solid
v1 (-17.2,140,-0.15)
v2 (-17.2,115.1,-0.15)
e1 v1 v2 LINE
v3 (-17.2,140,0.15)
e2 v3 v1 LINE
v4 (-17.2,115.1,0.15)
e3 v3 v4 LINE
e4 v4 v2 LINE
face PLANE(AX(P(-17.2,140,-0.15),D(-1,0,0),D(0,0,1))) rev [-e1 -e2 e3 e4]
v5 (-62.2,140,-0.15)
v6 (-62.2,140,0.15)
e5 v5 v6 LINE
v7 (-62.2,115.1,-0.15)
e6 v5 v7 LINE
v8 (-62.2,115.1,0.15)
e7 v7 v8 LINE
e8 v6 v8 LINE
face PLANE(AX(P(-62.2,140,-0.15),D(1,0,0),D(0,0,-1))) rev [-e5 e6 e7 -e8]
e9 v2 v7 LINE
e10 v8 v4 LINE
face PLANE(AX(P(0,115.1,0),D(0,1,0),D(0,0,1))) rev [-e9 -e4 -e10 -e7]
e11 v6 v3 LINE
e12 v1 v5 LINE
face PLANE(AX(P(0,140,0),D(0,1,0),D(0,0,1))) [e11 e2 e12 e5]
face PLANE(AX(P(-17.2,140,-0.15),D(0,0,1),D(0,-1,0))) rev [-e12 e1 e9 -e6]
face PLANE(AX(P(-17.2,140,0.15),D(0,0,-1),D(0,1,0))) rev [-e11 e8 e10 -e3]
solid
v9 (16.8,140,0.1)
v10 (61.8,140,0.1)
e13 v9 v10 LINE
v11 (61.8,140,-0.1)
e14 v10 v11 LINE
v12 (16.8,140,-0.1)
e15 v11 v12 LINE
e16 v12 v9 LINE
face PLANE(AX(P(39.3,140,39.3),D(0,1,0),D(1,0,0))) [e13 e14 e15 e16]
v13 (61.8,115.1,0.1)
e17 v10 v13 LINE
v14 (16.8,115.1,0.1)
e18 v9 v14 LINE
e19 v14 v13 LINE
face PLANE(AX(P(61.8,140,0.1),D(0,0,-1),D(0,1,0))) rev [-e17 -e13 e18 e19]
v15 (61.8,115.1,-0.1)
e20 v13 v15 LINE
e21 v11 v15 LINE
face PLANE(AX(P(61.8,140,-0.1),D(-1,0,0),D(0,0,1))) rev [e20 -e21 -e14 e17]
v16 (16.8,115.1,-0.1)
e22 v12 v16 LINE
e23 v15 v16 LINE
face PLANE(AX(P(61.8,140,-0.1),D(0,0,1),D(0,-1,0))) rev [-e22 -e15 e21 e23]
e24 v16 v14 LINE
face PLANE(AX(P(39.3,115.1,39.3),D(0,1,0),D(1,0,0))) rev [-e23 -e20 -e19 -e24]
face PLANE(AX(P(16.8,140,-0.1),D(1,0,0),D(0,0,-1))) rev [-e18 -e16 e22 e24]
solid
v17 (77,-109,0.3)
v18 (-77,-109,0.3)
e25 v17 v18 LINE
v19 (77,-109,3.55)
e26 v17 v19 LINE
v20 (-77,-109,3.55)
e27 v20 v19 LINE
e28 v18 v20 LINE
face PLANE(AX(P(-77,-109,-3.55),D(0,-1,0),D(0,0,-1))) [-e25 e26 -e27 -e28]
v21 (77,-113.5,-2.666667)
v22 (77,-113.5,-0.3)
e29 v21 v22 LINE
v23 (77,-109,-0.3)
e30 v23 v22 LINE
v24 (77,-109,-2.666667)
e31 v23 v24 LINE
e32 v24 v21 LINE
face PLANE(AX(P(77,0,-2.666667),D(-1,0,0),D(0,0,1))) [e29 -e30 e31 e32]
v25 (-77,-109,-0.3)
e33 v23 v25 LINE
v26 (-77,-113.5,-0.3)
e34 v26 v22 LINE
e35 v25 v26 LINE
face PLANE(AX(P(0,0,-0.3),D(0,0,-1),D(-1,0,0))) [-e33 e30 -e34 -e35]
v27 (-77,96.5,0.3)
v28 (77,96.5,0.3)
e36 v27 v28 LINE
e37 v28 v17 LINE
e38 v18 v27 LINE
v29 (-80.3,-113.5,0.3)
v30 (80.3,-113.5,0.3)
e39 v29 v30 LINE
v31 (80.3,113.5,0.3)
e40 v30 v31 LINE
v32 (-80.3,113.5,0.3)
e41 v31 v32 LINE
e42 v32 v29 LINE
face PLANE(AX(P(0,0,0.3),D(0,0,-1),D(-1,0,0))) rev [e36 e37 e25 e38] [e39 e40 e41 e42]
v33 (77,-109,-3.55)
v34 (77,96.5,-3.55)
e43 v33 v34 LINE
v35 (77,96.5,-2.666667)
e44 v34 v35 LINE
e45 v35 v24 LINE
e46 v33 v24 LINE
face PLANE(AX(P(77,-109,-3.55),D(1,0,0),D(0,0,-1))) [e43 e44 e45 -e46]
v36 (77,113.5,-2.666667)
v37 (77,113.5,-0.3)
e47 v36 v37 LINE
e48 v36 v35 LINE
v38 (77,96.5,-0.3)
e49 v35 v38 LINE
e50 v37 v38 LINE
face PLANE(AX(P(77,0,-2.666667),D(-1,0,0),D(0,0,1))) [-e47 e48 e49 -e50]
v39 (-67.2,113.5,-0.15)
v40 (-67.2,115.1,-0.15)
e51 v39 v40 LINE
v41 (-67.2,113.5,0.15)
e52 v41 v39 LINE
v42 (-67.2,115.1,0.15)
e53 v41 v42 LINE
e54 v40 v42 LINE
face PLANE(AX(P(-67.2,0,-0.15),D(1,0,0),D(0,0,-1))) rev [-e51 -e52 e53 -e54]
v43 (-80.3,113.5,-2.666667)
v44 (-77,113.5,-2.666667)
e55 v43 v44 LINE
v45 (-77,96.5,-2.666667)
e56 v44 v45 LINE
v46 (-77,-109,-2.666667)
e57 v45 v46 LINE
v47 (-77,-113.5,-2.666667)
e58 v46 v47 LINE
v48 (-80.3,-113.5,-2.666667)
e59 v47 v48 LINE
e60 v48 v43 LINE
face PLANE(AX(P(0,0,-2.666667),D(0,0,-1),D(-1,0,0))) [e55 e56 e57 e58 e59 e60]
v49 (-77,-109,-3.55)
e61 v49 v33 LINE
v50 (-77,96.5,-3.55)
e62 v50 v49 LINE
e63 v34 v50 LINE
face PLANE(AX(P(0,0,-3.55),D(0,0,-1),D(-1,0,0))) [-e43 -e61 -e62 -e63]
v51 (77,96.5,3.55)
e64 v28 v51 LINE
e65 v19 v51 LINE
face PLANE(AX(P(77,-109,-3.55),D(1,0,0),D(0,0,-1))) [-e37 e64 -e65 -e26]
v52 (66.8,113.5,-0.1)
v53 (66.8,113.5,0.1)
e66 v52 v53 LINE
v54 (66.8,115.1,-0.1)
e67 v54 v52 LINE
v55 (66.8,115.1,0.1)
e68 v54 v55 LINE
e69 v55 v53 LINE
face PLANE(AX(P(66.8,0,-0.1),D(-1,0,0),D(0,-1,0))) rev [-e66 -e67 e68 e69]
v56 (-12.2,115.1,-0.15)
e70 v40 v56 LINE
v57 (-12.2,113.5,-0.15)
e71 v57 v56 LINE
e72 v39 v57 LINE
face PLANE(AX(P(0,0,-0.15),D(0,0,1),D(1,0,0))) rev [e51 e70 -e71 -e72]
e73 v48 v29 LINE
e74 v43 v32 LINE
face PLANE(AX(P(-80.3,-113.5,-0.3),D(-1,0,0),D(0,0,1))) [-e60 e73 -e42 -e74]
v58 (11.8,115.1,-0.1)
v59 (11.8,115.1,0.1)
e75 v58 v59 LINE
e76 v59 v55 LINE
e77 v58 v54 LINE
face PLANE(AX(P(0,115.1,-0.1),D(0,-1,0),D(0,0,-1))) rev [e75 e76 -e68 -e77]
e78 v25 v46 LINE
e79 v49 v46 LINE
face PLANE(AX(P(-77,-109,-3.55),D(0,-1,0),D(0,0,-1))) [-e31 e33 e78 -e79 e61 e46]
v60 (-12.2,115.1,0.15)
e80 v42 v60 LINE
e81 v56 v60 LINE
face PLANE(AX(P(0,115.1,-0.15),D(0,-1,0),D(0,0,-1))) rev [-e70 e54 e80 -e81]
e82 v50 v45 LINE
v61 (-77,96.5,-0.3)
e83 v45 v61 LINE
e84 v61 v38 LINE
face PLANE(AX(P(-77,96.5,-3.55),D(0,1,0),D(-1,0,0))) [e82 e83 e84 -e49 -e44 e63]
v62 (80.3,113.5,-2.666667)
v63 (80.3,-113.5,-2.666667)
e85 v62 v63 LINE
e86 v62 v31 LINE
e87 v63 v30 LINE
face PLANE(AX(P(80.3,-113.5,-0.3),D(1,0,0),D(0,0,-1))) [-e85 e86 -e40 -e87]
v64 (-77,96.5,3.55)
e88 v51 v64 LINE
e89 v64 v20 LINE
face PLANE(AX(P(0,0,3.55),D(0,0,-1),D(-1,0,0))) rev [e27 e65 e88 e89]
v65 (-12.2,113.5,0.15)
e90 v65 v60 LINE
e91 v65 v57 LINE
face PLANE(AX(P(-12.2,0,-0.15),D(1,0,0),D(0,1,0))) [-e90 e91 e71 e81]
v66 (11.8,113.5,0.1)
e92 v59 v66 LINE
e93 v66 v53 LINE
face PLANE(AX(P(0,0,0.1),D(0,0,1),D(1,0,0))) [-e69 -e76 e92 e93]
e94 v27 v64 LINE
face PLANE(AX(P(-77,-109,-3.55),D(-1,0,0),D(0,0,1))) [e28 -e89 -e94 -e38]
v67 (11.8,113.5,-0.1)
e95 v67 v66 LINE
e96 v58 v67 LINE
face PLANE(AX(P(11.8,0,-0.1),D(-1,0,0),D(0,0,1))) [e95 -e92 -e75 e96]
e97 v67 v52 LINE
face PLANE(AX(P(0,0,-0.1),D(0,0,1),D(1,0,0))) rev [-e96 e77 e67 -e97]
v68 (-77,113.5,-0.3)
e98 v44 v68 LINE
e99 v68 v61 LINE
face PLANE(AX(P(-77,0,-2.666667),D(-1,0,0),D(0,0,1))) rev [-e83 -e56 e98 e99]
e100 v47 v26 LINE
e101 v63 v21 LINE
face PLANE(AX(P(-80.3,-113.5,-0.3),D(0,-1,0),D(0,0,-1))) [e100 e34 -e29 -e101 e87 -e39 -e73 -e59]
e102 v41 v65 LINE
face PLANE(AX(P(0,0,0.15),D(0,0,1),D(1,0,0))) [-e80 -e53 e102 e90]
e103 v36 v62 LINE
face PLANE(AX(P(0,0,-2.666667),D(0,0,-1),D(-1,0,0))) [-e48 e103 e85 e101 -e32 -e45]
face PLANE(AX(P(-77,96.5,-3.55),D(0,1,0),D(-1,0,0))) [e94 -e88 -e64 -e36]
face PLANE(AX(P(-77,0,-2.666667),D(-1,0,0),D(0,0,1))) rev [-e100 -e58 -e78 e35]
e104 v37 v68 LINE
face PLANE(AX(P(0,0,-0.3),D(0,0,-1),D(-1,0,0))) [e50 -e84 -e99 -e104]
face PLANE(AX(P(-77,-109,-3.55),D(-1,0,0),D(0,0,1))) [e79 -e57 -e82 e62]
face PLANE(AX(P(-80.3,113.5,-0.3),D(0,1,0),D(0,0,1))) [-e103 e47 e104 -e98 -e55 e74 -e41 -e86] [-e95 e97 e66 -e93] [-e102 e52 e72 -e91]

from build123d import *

# Parameters (mm, degrees)
SKETCH1_W                    = 160.6
SKETCH1_H                    = 227
INSULATION_DEPTH             = 0.3
INSULATION_DEPTH_BACK        = 0.3
SKETCH2_W                    = 154
SKETCH2_H                    = 205.5
MAIN_BODY_DEPTH              = 3.55
MAIN_BODY_DEPTH_BACK         = 3.55
SIDE_FOLDS_DEPTH             = 2.366666667
SKETCH6_W                    = 55
SKETCH6_H                    = 18.6
NEGATIVE_TAB_BASE_DEPTH      = 0.1
NEGATIVE_TAB_BASE_DEPTH_BACK = 0.1
SKETCH7_W                    = 55
SKETCH7_H                    = 18.6
POSITIVE_TAB_BASE_DEPTH      = 0.15
POSITIVE_TAB_BASE_DEPTH_BACK = 0.15
SKETCH113_W                  = 0.2
SKETCH113_H                  = 45
NEGATIVE_TAB_DEPTH           = 24.9
SKETCH110_W                  = 0.3
SKETCH110_H                  = 45
POSITIVE_TAB_DEPTH           = 24.9


with BuildPart() as part:
    # Sketch1 → Insulation (new, two sides)
    with BuildSketch(Plane.XY) as insulation_sk:
        Rectangle(SKETCH1_W, SKETCH1_H)
    extrude(amount=INSULATION_DEPTH)
    extrude(insulation_sk.sketch, amount=-INSULATION_DEPTH_BACK)

    # Sketch2 → Main Body (add, two sides)
    with BuildSketch(Plane.XY) as main_body_sk:
        with Locations((0, -6.25)):
            Rectangle(SKETCH2_W, SKETCH2_H)
    extrude(amount=MAIN_BODY_DEPTH)
    extrude(main_body_sk.sketch, amount=-MAIN_BODY_DEPTH_BACK)

    # Sketch5 → Side Folds (add)
    with BuildSketch(Plane(origin=(0, 0, -0.3), x_dir=(-1, 0, 0), z_dir=(0, 0, -1))):
        Polygon((-77, -109), (-77, 96.5), (-77, 113.5), (-80.3, 113.5), (-80.3, -113.5), (-77, -113.5), align=None)
        Polygon((77, 113.5), (77, 96.5), (77, -109), (77, -113.5), (80.3, -113.5), (80.3, 113.5), align=None)
    extrude(amount=SIDE_FOLDS_DEPTH)

    # Sketch6 → Negative Tab Base (add, two sides)
    with BuildSketch(Plane.XY) as negative_tab_base_sk:
        with Locations((39.3, 105.8)):
            Rectangle(SKETCH6_W, SKETCH6_H)
    extrude(amount=NEGATIVE_TAB_BASE_DEPTH)
    extrude(negative_tab_base_sk.sketch, amount=-NEGATIVE_TAB_BASE_DEPTH_BACK)

    # Sketch7 → Positive Tab Base (add, two sides)
    with BuildSketch(Plane.XY) as positive_tab_base_sk:
        with Locations((-39.7, 105.8)):
            Rectangle(SKETCH7_W, SKETCH7_H)
    extrude(amount=POSITIVE_TAB_BASE_DEPTH)
    extrude(positive_tab_base_sk.sketch, amount=-POSITIVE_TAB_BASE_DEPTH_BACK)


with BuildPart() as body_2:
    # Sketch113 → Negative Tab (new body)
    with BuildSketch(Plane(origin=(39.3, 115.1, 0), x_dir=(0, 0, -1), z_dir=(0, 1, 0))):
        Rectangle(SKETCH113_W, SKETCH113_H)
    extrude(amount=NEGATIVE_TAB_DEPTH)


with BuildPart() as body_3:
    # Sketch110 → Positive Tab (new body)
    with BuildSketch(Plane(origin=(-39.7, 115.1, 0), x_dir=(0, 0, -1), z_dir=(0, 1, 0))):
        Rectangle(SKETCH110_W, SKETCH110_H)
    extrude(amount=POSITIVE_TAB_DEPTH)


solid = Compound([part.part, body_2.part, body_3.part])
